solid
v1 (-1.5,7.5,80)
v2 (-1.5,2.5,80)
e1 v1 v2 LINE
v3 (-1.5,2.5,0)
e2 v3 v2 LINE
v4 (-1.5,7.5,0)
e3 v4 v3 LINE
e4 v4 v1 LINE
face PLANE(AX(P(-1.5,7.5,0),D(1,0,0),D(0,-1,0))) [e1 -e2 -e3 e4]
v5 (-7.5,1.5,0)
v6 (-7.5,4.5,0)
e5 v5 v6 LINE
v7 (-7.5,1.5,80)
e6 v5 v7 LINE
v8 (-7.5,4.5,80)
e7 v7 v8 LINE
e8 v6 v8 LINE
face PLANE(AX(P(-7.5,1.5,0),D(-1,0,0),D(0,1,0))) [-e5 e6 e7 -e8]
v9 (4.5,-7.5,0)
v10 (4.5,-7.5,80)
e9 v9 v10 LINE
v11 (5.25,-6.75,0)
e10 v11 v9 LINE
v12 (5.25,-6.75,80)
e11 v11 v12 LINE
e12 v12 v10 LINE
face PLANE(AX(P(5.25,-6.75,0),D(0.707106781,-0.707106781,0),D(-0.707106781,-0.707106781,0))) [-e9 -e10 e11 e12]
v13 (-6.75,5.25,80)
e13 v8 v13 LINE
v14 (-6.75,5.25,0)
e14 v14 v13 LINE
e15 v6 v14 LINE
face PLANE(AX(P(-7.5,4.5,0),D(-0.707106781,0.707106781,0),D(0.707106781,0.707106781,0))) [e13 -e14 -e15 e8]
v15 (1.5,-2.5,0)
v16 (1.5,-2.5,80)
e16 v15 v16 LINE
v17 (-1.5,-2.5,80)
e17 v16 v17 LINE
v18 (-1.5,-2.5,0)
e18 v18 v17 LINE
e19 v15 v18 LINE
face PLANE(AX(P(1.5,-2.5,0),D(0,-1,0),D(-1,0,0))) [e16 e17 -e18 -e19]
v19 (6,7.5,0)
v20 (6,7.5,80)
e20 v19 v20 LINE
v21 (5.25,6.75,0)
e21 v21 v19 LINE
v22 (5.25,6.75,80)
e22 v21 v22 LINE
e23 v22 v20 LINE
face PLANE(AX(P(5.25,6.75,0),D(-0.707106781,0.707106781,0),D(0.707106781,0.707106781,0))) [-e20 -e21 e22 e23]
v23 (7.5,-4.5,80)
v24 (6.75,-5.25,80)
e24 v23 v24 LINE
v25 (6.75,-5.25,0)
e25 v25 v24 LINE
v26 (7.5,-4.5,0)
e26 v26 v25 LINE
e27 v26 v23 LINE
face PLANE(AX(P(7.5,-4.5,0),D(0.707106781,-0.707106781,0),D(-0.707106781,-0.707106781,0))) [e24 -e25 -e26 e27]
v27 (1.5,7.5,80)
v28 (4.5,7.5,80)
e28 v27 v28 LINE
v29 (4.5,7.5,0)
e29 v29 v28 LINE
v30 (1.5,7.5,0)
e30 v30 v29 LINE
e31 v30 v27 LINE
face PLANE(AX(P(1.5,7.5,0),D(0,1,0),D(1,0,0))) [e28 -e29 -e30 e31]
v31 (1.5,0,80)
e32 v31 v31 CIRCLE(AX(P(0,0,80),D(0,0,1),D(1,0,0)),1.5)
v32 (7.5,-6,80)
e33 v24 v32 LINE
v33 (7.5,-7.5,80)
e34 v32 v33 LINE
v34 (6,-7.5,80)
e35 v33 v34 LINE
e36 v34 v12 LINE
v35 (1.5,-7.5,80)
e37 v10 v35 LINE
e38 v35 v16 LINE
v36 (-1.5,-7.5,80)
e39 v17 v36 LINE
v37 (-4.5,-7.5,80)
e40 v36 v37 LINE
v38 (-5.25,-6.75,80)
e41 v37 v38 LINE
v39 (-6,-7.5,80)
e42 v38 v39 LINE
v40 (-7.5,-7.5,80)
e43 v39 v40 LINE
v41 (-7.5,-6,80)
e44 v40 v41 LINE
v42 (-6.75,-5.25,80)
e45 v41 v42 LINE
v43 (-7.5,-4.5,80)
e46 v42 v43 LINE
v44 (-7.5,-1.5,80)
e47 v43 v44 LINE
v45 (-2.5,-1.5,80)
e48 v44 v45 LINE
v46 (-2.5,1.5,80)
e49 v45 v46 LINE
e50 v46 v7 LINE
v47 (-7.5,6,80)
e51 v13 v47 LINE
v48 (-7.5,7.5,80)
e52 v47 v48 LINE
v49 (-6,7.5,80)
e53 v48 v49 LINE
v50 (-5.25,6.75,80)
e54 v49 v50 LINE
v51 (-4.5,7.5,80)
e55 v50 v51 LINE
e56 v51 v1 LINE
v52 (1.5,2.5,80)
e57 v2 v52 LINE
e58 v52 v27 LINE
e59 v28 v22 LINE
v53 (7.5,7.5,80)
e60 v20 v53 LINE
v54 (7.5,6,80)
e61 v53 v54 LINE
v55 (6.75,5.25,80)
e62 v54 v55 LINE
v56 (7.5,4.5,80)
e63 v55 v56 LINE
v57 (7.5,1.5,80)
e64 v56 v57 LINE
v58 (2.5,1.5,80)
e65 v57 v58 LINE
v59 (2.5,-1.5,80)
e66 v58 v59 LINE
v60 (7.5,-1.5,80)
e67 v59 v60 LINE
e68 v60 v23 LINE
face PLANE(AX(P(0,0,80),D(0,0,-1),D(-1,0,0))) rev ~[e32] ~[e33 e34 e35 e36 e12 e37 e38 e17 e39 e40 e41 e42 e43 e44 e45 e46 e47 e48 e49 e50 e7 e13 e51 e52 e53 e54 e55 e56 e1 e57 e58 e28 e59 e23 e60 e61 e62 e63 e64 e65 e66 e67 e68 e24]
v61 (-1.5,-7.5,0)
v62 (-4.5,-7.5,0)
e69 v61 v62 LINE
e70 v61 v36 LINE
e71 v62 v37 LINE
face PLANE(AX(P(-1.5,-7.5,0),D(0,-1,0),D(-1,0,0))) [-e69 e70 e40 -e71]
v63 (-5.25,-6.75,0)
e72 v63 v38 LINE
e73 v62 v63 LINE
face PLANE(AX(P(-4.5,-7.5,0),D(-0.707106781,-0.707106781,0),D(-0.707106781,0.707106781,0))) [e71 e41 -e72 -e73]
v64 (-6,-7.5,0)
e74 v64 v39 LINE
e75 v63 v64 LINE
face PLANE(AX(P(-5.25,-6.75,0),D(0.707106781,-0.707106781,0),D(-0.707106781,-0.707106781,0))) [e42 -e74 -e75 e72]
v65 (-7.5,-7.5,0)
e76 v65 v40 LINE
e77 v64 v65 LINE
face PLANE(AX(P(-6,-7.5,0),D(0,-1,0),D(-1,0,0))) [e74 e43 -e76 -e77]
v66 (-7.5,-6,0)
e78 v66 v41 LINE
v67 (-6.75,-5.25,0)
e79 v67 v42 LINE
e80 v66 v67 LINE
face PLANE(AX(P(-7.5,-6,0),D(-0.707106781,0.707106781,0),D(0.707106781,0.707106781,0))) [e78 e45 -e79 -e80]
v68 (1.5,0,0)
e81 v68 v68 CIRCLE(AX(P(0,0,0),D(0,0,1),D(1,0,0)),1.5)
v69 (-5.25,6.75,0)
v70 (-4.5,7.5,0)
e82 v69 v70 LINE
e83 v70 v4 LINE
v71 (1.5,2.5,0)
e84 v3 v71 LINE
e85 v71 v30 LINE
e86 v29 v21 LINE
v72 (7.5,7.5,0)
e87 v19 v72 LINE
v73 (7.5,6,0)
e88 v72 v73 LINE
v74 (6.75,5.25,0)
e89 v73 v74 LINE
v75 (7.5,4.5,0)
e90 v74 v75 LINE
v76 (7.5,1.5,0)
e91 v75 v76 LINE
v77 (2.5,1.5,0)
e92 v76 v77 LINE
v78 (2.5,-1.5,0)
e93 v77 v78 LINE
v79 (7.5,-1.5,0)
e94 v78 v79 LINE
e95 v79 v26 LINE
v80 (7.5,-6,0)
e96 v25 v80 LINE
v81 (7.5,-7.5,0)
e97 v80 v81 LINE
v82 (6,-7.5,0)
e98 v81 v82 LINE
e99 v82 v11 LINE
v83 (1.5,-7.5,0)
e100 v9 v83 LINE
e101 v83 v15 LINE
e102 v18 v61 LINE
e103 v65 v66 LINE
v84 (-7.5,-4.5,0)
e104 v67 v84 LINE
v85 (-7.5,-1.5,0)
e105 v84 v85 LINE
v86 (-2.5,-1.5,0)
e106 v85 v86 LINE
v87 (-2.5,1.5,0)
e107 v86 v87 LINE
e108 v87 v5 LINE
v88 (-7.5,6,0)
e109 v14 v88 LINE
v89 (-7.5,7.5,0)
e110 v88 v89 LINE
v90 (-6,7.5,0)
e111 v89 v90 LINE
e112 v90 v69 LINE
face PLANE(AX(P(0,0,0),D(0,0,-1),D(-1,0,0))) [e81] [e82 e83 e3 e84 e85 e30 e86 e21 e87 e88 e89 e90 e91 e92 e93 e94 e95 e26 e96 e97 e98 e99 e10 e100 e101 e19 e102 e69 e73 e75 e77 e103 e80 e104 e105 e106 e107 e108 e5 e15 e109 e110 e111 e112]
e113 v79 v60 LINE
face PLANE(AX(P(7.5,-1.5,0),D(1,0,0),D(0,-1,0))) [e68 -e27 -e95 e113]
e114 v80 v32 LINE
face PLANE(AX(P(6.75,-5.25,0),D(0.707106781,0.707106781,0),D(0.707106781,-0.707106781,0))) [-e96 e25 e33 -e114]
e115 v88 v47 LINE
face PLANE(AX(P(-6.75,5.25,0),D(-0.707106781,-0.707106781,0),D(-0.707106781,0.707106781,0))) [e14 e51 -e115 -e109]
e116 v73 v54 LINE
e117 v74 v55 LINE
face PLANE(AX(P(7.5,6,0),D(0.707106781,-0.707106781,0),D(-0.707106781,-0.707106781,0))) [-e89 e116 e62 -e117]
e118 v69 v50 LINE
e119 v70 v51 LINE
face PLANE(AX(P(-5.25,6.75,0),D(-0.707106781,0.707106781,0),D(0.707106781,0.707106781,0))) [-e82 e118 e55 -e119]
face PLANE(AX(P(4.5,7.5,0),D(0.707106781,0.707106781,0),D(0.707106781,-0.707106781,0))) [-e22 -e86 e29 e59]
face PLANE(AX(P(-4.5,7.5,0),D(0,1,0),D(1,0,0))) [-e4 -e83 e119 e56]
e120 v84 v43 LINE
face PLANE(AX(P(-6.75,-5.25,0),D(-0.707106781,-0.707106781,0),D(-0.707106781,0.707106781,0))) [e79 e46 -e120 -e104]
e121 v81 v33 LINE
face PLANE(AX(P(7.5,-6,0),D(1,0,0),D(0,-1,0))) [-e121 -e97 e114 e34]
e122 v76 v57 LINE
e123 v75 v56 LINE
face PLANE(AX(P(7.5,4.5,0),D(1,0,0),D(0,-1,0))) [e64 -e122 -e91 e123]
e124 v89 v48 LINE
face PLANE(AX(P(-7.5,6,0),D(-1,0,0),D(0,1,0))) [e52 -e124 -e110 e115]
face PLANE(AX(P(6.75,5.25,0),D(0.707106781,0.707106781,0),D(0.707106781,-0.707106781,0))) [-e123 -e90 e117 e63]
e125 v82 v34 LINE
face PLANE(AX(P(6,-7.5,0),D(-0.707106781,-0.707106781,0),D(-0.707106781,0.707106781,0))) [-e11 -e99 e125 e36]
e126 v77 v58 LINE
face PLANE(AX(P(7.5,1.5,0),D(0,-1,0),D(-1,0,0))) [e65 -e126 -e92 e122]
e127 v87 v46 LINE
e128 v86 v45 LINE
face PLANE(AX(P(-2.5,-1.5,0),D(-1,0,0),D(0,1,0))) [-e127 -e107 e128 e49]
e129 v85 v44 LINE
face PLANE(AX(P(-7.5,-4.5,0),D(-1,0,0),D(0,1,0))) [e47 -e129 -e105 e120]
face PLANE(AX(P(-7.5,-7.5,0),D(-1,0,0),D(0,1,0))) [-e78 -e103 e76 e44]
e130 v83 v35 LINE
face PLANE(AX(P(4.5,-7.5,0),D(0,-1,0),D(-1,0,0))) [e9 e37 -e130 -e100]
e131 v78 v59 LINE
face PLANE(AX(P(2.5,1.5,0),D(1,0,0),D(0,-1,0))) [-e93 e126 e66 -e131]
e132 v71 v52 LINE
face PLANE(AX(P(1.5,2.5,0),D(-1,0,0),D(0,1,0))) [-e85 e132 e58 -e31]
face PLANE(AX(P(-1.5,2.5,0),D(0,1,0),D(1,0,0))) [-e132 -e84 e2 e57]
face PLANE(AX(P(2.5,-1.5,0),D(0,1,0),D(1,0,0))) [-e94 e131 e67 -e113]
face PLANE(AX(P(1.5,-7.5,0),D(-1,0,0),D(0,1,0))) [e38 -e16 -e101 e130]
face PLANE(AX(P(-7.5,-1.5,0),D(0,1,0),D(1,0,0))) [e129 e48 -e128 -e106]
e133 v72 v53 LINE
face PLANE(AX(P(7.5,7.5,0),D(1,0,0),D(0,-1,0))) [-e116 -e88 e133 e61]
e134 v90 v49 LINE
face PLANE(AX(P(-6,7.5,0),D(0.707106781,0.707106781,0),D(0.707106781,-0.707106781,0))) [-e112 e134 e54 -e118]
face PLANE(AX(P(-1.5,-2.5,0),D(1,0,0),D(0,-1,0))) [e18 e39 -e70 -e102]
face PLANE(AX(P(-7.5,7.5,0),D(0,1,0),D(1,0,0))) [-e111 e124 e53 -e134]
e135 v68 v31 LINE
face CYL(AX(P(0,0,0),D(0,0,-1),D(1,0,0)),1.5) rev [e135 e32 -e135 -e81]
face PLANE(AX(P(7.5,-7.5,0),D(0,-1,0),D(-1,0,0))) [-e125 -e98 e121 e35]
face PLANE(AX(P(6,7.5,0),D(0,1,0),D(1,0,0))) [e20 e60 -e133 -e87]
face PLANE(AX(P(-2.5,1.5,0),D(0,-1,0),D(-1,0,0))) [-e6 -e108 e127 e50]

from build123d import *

# Parameters (mm, degrees)
SKETCH1_R           = 1.5
BOSS_EXTRUDE1_DEPTH = 80


with BuildPart() as part:
    # Sketch1 → Boss-Extrude1 (new body)
    with BuildSketch(Plane.XY):
        Polygon((-7.5, 7.5), (-6, 7.5), (-5.25, 6.75), (-4.5, 7.5), (-1.5, 7.5), (-1.5, 2.5), (1.5, 2.5), (1.5, 7.5), (4.5, 7.5), (5.25, 6.75), (6, 7.5), (7.5, 7.5), (7.5, 6), (6.75, 5.25), (7.5, 4.5), (7.5, 1.5), (2.5, 1.5), (2.5, -1.5), (7.5, -1.5), (7.5, -4.5), (6.75, -5.25), (7.5, -6), (7.5, -7.5), (6, -7.5), (5.25, -6.75), (4.5, -7.5), (1.5, -7.5), (1.5, -2.5), (-1.5, -2.5), (-1.5, -7.5), (-4.5, -7.5), (-5.25, -6.75), (-6, -7.5), (-7.5, -7.5), (-7.5, -6), (-6.75, -5.25), (-7.5, -4.5), (-7.5, -1.5), (-2.5, -1.5), (-2.5, 1.5), (-7.5, 1.5), (-7.5, 4.5), (-6.75, 5.25), (-7.5, 6), align=None)
        Circle(SKETCH1_R, mode=Mode.SUBTRACT)
    extrude(amount=BOSS_EXTRUDE1_DEPTH)


solid = part.part
